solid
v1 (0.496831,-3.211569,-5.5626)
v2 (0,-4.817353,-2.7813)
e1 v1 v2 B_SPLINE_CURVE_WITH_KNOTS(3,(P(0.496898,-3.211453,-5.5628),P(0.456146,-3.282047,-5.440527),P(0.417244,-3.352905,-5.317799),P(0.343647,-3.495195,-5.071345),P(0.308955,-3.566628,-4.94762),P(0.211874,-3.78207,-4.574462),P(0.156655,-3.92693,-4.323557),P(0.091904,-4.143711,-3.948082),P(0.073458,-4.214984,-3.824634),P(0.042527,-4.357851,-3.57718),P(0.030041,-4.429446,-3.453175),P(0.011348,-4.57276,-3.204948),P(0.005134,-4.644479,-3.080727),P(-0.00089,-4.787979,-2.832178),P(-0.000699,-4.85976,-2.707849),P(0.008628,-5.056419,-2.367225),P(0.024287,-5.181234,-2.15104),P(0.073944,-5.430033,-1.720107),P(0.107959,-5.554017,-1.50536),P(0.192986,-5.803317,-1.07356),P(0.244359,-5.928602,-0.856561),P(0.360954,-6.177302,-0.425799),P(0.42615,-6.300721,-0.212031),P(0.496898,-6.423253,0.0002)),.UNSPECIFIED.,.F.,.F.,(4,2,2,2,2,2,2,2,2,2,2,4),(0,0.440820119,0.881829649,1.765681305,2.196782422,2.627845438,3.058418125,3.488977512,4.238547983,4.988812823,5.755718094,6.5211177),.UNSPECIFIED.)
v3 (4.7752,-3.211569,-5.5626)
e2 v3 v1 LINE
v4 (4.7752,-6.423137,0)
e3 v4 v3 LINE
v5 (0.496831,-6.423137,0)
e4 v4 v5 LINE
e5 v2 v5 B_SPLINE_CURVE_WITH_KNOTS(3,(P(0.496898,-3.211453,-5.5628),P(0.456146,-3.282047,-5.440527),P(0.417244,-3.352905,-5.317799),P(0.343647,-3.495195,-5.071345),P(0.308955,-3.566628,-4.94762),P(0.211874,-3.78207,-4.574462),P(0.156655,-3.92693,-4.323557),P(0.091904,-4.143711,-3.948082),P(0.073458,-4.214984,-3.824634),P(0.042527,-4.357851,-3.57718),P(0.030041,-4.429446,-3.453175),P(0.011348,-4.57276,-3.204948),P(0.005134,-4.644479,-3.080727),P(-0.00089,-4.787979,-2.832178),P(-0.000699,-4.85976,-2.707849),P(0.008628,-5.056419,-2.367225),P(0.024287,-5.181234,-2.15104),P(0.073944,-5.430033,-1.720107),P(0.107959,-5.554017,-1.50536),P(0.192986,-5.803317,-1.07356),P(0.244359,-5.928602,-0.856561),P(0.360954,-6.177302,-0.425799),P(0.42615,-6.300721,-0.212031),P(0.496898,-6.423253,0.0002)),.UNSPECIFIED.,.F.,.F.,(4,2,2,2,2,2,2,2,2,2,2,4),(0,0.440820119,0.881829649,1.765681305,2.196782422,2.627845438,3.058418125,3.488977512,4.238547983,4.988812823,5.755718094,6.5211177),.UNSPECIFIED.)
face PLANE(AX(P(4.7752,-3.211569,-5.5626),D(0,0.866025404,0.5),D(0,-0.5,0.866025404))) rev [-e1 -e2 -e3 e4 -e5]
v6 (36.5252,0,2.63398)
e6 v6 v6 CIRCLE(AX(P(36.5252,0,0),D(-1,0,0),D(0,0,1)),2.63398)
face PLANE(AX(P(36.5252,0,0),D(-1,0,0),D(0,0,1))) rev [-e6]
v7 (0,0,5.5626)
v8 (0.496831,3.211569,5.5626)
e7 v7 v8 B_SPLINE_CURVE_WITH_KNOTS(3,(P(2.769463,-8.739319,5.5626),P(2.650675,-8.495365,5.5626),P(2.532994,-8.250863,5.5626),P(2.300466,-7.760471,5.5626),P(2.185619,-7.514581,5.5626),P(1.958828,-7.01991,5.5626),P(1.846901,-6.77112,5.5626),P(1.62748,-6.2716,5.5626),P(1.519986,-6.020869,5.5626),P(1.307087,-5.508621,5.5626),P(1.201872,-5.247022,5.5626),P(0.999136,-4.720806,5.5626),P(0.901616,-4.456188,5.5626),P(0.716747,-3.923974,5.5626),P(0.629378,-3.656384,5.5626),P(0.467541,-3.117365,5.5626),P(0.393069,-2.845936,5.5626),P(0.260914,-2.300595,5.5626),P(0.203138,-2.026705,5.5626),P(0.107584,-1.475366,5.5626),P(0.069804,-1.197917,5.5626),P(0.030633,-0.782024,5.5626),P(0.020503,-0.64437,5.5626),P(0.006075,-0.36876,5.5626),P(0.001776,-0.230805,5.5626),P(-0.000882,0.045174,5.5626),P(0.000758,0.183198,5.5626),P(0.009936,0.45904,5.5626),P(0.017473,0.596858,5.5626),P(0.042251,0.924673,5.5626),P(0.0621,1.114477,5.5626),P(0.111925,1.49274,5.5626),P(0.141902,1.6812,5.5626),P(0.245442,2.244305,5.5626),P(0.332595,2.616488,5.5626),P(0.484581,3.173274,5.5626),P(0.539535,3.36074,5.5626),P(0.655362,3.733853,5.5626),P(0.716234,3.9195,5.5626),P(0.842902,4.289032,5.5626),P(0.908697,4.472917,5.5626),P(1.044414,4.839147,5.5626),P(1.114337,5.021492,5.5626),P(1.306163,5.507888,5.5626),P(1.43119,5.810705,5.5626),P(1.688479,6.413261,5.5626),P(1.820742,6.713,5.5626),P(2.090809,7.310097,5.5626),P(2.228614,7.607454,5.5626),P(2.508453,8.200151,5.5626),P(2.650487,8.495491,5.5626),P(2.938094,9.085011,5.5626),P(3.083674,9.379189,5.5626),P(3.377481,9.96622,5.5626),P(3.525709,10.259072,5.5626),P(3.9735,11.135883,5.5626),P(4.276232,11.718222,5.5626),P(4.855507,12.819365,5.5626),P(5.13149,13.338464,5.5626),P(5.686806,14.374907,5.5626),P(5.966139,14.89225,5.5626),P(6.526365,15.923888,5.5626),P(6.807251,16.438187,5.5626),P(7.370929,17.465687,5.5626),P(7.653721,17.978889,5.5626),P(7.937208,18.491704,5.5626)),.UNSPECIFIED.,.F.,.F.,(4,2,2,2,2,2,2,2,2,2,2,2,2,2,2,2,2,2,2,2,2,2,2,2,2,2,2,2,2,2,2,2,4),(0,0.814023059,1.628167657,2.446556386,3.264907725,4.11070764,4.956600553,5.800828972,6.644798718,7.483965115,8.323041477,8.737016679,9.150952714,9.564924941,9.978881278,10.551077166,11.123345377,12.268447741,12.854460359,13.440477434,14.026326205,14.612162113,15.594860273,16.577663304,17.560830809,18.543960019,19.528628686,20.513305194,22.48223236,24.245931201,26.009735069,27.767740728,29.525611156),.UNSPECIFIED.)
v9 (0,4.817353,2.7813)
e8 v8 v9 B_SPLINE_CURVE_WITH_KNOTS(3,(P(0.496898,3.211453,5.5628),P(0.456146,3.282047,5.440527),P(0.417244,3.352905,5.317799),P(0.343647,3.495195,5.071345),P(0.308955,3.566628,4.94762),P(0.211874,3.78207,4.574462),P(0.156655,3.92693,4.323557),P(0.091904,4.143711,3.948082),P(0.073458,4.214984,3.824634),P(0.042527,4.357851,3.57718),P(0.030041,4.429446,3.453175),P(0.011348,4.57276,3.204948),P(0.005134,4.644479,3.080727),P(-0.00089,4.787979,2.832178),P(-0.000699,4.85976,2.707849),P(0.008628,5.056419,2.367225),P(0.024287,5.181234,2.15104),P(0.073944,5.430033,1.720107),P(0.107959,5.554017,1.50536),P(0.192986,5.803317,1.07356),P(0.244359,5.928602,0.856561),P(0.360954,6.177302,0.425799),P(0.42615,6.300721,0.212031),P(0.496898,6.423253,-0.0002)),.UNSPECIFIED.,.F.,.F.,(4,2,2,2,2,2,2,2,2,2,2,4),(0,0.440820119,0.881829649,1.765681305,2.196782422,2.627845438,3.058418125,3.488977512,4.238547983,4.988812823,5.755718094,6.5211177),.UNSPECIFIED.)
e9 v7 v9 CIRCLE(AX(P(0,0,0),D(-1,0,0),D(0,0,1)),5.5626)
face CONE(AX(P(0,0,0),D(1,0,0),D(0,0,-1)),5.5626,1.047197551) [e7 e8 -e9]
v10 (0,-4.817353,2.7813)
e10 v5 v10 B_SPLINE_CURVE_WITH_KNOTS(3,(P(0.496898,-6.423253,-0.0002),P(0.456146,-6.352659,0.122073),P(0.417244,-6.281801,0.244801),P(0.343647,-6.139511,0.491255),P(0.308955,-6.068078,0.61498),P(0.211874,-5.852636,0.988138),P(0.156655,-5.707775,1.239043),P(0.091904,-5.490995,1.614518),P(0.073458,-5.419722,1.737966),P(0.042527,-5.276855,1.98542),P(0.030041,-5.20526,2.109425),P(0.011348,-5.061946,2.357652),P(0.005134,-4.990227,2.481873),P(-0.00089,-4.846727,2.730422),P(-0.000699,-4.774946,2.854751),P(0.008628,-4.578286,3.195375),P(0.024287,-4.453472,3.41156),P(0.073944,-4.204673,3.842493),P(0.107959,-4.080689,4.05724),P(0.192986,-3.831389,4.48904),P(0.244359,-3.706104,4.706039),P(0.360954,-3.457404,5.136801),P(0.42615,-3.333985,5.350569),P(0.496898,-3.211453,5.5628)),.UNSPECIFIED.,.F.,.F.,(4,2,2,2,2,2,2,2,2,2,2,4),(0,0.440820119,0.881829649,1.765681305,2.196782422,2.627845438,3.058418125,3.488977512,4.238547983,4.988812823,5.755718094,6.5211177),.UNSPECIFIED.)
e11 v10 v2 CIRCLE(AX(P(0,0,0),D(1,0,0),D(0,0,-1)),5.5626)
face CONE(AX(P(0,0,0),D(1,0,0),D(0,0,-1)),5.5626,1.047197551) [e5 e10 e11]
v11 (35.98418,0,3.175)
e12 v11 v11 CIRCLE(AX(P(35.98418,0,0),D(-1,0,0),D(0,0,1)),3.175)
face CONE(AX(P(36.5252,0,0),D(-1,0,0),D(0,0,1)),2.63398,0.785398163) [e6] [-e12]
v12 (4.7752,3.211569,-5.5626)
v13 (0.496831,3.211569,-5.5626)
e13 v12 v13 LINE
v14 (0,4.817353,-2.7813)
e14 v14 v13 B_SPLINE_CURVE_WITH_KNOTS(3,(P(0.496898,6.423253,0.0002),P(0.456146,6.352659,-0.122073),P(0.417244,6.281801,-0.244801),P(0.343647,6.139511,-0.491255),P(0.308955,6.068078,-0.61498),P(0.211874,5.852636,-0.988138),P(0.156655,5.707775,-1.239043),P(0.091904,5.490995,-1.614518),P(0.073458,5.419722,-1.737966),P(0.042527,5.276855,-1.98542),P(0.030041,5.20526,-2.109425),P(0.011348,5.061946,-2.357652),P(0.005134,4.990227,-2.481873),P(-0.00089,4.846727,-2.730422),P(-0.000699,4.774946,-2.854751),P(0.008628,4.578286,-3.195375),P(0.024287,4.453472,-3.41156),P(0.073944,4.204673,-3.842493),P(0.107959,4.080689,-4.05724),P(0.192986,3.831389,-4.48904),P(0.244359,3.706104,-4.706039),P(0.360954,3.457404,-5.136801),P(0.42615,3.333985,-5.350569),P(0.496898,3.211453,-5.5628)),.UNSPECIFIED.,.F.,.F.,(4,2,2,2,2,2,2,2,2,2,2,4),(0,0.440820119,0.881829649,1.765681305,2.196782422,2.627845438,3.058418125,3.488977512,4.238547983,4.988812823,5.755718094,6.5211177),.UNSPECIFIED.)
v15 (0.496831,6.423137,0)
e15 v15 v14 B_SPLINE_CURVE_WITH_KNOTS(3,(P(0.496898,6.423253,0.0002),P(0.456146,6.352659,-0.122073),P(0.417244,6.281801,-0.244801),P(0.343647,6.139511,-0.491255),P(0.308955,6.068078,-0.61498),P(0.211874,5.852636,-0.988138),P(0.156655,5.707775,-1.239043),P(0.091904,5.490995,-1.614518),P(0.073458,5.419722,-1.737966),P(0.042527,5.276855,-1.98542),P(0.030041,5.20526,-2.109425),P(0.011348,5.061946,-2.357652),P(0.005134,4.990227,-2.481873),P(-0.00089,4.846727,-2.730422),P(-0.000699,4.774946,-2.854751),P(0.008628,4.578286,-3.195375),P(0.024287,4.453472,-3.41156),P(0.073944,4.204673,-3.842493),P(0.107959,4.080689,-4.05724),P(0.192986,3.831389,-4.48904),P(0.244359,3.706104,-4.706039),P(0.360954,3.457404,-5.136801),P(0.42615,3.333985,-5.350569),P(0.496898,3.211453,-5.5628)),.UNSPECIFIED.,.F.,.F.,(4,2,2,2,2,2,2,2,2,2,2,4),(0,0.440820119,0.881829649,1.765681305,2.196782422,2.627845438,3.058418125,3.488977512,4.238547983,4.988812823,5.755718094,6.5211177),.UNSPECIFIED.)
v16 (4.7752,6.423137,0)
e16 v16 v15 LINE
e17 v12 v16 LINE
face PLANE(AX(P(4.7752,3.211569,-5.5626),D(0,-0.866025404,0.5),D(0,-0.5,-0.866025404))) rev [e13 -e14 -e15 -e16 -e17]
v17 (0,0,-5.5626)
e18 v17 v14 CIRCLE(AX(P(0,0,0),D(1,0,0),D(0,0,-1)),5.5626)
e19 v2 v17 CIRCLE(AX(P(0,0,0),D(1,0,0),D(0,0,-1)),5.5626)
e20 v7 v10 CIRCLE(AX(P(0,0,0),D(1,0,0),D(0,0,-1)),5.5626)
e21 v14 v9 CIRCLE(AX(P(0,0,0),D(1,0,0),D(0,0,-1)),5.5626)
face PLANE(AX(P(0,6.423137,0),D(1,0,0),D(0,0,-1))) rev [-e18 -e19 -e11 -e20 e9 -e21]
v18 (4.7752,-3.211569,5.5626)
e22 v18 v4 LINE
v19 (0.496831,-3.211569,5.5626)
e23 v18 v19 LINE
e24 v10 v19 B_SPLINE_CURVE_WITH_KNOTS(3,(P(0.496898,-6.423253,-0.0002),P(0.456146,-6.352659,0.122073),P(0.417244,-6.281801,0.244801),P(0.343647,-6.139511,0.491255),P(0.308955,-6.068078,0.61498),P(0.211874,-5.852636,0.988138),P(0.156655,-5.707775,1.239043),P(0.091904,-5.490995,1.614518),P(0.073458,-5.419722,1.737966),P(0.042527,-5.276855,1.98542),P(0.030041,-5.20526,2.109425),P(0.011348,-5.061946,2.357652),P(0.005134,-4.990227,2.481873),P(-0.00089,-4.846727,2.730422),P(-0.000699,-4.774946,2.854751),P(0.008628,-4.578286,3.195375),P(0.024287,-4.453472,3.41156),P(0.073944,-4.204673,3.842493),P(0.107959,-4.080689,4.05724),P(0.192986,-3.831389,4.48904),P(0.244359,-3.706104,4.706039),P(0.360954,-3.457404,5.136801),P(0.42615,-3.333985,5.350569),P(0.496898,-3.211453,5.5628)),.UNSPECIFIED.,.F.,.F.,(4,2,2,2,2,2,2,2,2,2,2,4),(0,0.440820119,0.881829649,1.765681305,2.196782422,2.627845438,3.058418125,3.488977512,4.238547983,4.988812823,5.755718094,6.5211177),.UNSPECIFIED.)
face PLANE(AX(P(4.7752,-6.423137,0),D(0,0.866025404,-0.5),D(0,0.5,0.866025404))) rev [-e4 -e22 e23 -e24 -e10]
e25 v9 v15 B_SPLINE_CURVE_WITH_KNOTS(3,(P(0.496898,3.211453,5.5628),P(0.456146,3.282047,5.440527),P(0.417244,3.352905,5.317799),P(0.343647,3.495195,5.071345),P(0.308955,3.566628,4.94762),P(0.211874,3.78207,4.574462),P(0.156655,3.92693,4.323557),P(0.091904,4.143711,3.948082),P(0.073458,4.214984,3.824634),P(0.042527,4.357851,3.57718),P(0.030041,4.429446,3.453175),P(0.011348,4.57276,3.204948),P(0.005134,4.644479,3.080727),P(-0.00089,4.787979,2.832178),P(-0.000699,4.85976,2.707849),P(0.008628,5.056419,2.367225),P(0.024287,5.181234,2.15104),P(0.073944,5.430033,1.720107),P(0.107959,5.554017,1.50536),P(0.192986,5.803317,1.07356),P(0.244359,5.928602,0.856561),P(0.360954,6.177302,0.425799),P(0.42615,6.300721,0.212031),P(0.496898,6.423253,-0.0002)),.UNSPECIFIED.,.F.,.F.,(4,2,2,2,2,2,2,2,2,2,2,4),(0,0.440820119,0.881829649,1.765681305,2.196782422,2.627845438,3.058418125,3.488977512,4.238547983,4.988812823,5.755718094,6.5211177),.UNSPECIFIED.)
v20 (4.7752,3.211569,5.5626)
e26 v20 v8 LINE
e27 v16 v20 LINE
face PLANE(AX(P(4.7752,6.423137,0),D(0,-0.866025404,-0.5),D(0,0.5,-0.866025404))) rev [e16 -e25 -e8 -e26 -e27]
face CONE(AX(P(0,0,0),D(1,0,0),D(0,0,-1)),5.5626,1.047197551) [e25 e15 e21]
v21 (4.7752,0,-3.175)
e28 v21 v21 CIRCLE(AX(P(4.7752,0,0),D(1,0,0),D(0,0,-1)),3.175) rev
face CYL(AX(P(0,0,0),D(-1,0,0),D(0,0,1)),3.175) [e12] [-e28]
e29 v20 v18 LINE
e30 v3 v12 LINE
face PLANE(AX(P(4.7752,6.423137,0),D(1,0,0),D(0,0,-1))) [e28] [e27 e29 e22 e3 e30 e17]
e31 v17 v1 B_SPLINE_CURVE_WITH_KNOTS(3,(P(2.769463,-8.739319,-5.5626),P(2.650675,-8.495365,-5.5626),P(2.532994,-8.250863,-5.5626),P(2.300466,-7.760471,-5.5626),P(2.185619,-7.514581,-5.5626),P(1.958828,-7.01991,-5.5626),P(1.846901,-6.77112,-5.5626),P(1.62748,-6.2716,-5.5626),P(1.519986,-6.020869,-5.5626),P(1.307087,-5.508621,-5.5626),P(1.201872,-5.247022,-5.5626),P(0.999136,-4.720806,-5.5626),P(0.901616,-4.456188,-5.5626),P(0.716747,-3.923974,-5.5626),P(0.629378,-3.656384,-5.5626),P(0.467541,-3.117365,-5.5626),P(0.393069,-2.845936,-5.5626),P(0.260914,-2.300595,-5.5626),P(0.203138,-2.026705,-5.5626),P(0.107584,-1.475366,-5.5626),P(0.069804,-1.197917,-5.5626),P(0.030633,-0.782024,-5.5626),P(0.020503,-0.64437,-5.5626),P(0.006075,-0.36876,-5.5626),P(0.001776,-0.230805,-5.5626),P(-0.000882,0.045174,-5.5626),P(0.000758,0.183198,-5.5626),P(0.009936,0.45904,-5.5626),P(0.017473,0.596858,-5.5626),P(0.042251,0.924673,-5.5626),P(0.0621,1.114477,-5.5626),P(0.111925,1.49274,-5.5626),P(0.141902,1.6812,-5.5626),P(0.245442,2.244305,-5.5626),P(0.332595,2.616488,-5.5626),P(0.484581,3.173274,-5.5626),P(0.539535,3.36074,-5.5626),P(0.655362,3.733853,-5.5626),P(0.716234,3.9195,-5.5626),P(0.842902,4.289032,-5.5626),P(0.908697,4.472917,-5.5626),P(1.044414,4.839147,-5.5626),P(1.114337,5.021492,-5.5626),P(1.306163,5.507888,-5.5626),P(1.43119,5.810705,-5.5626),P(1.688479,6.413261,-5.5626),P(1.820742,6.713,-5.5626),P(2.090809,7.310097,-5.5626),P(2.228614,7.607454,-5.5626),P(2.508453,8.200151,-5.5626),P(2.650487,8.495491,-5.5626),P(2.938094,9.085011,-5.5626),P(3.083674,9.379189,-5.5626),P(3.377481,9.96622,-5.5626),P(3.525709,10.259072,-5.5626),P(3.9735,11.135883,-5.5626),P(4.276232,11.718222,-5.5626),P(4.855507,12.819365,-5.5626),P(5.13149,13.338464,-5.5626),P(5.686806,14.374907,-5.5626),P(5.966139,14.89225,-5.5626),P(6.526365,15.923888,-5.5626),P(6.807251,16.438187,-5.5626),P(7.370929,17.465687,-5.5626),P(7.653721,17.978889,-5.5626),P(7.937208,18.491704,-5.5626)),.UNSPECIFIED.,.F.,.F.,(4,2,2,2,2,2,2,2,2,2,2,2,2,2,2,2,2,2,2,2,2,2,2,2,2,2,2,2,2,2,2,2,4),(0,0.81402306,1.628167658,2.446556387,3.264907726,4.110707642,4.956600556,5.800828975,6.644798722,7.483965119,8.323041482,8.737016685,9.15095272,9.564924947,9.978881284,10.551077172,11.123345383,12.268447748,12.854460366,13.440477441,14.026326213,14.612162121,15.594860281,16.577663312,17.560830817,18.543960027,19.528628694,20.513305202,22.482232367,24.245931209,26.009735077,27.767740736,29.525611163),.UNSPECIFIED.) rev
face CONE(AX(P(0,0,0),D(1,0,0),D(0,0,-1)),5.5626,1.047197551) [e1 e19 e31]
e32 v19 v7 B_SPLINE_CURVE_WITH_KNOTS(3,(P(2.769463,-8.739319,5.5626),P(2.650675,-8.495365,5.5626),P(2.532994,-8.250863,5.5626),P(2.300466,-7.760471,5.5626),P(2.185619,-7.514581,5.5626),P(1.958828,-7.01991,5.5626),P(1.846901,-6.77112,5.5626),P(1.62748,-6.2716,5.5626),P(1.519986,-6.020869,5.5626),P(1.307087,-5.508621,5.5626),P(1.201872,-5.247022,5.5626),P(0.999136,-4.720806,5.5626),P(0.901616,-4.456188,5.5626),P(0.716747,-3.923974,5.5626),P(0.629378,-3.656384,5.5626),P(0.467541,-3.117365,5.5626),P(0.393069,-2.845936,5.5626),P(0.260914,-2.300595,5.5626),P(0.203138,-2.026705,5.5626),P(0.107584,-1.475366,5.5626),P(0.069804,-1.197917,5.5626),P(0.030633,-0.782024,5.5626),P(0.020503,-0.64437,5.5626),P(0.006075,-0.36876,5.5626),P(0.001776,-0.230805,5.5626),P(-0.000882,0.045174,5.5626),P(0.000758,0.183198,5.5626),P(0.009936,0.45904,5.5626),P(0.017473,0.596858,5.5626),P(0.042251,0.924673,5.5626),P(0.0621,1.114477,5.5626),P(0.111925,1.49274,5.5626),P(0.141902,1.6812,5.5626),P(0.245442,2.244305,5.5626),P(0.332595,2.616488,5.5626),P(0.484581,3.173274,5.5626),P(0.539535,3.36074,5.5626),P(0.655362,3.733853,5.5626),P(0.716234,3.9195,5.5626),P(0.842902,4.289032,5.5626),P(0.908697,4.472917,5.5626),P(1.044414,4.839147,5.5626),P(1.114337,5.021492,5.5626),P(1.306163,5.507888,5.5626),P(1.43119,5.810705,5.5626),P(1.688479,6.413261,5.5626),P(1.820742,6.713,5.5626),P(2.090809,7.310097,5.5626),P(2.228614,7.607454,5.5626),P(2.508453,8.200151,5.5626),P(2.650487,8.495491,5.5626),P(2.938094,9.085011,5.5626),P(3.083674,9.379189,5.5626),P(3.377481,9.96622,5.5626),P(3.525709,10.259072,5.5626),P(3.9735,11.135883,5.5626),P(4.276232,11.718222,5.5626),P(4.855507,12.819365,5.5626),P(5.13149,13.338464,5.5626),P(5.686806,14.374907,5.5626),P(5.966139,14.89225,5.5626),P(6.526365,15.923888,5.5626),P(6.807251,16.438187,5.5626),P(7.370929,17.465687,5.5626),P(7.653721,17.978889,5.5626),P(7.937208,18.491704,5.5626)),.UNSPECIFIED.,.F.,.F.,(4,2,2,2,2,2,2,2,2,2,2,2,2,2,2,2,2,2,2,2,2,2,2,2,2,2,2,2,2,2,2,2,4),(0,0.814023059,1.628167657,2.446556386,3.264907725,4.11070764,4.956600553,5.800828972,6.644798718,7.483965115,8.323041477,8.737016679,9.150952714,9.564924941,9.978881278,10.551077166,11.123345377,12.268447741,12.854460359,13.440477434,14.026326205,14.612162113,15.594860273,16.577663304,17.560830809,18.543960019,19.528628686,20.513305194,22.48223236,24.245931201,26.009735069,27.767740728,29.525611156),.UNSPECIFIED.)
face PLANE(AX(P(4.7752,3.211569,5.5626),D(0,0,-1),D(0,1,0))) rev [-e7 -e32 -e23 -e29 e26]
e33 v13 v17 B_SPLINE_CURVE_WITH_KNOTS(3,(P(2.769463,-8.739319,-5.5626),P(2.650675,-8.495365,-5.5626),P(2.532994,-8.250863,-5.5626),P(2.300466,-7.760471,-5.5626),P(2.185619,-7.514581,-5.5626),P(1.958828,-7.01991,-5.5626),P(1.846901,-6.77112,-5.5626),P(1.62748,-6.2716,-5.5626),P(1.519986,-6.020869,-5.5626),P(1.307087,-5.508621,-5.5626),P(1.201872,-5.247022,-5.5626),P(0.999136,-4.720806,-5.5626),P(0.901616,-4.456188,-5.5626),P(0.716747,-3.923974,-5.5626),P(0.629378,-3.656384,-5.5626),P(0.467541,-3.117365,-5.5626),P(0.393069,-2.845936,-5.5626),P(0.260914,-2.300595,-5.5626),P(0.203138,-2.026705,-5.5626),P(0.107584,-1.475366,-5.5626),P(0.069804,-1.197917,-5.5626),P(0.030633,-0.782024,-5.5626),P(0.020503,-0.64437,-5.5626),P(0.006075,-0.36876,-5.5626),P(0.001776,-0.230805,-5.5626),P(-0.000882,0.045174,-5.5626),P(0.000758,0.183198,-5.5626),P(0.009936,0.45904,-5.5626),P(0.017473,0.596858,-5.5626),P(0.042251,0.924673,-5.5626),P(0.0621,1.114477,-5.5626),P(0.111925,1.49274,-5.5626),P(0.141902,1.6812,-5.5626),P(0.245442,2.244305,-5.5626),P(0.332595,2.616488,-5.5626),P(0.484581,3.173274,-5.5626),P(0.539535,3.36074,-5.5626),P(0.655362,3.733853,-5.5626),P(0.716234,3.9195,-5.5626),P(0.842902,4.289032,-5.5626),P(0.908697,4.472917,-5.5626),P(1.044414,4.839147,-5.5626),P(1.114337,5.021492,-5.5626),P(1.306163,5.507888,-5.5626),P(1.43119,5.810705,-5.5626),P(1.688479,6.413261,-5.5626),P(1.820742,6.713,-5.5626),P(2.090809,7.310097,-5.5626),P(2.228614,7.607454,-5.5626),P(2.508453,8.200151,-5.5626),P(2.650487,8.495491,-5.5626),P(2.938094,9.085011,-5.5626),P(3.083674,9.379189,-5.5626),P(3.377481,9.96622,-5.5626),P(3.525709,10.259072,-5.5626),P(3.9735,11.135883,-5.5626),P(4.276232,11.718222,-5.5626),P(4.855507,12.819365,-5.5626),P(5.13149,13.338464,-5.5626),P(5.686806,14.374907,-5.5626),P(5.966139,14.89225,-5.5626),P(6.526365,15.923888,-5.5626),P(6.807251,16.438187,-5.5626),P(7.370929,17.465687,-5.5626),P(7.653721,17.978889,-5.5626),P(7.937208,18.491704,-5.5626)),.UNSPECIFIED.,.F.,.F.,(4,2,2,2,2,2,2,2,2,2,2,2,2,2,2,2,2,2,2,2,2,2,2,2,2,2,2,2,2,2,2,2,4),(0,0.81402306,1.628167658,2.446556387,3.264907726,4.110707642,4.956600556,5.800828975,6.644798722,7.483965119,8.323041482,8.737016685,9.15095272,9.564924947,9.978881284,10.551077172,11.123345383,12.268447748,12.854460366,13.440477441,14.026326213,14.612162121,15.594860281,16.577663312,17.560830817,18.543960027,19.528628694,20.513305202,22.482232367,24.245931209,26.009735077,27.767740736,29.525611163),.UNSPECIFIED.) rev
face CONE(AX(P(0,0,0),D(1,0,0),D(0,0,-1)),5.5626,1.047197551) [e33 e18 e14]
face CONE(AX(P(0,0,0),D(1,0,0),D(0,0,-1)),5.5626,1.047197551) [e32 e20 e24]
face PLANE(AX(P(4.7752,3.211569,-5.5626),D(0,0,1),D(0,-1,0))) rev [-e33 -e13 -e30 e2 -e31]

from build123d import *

# Parameters (mm, degrees)
BASEHEAD_DEPTH = 4.7752


with BuildPart() as part:
    # Sketch1 → BaseHead (new body)
    with BuildSketch(Plane(origin=(0, 0, 0), x_dir=(0, 0, -1), z_dir=(1, 0, 0))):
        Polygon((5.5626, 3.211568607), (5.5626, -3.211568607), (0, -6.423137215), (-5.5626, -3.211568607), (-5.5626, 3.211568607), (0, 6.423137215), align=None)
    extrude(amount=BASEHEAD_DEPTH)

    # BodySke → BaseBody (revolve)
    with BuildSketch(Plane.XY):
        Polygon((0, 0), (36.5252, 0), (36.5252, 2.63398), (35.98418, 3.175), (0, 3.175), align=None)
    revolve(axis=Axis((0, 0, 0), (1, 0, 0)))

    # Sketch3 → HeadChamfer (revolve, cut)
    with BuildSketch(Plane.XY):
        Polygon((0, 5.5626), (4.163005602, 12.773137215), (4.163005602, 19.123137215), (-12.7, 19.123137215), (-12.7, 5.5626), align=None)
    revolve(axis=Axis((0, 0, 0), (1, 0, 0)), mode=Mode.SUBTRACT)


solid = part.part
